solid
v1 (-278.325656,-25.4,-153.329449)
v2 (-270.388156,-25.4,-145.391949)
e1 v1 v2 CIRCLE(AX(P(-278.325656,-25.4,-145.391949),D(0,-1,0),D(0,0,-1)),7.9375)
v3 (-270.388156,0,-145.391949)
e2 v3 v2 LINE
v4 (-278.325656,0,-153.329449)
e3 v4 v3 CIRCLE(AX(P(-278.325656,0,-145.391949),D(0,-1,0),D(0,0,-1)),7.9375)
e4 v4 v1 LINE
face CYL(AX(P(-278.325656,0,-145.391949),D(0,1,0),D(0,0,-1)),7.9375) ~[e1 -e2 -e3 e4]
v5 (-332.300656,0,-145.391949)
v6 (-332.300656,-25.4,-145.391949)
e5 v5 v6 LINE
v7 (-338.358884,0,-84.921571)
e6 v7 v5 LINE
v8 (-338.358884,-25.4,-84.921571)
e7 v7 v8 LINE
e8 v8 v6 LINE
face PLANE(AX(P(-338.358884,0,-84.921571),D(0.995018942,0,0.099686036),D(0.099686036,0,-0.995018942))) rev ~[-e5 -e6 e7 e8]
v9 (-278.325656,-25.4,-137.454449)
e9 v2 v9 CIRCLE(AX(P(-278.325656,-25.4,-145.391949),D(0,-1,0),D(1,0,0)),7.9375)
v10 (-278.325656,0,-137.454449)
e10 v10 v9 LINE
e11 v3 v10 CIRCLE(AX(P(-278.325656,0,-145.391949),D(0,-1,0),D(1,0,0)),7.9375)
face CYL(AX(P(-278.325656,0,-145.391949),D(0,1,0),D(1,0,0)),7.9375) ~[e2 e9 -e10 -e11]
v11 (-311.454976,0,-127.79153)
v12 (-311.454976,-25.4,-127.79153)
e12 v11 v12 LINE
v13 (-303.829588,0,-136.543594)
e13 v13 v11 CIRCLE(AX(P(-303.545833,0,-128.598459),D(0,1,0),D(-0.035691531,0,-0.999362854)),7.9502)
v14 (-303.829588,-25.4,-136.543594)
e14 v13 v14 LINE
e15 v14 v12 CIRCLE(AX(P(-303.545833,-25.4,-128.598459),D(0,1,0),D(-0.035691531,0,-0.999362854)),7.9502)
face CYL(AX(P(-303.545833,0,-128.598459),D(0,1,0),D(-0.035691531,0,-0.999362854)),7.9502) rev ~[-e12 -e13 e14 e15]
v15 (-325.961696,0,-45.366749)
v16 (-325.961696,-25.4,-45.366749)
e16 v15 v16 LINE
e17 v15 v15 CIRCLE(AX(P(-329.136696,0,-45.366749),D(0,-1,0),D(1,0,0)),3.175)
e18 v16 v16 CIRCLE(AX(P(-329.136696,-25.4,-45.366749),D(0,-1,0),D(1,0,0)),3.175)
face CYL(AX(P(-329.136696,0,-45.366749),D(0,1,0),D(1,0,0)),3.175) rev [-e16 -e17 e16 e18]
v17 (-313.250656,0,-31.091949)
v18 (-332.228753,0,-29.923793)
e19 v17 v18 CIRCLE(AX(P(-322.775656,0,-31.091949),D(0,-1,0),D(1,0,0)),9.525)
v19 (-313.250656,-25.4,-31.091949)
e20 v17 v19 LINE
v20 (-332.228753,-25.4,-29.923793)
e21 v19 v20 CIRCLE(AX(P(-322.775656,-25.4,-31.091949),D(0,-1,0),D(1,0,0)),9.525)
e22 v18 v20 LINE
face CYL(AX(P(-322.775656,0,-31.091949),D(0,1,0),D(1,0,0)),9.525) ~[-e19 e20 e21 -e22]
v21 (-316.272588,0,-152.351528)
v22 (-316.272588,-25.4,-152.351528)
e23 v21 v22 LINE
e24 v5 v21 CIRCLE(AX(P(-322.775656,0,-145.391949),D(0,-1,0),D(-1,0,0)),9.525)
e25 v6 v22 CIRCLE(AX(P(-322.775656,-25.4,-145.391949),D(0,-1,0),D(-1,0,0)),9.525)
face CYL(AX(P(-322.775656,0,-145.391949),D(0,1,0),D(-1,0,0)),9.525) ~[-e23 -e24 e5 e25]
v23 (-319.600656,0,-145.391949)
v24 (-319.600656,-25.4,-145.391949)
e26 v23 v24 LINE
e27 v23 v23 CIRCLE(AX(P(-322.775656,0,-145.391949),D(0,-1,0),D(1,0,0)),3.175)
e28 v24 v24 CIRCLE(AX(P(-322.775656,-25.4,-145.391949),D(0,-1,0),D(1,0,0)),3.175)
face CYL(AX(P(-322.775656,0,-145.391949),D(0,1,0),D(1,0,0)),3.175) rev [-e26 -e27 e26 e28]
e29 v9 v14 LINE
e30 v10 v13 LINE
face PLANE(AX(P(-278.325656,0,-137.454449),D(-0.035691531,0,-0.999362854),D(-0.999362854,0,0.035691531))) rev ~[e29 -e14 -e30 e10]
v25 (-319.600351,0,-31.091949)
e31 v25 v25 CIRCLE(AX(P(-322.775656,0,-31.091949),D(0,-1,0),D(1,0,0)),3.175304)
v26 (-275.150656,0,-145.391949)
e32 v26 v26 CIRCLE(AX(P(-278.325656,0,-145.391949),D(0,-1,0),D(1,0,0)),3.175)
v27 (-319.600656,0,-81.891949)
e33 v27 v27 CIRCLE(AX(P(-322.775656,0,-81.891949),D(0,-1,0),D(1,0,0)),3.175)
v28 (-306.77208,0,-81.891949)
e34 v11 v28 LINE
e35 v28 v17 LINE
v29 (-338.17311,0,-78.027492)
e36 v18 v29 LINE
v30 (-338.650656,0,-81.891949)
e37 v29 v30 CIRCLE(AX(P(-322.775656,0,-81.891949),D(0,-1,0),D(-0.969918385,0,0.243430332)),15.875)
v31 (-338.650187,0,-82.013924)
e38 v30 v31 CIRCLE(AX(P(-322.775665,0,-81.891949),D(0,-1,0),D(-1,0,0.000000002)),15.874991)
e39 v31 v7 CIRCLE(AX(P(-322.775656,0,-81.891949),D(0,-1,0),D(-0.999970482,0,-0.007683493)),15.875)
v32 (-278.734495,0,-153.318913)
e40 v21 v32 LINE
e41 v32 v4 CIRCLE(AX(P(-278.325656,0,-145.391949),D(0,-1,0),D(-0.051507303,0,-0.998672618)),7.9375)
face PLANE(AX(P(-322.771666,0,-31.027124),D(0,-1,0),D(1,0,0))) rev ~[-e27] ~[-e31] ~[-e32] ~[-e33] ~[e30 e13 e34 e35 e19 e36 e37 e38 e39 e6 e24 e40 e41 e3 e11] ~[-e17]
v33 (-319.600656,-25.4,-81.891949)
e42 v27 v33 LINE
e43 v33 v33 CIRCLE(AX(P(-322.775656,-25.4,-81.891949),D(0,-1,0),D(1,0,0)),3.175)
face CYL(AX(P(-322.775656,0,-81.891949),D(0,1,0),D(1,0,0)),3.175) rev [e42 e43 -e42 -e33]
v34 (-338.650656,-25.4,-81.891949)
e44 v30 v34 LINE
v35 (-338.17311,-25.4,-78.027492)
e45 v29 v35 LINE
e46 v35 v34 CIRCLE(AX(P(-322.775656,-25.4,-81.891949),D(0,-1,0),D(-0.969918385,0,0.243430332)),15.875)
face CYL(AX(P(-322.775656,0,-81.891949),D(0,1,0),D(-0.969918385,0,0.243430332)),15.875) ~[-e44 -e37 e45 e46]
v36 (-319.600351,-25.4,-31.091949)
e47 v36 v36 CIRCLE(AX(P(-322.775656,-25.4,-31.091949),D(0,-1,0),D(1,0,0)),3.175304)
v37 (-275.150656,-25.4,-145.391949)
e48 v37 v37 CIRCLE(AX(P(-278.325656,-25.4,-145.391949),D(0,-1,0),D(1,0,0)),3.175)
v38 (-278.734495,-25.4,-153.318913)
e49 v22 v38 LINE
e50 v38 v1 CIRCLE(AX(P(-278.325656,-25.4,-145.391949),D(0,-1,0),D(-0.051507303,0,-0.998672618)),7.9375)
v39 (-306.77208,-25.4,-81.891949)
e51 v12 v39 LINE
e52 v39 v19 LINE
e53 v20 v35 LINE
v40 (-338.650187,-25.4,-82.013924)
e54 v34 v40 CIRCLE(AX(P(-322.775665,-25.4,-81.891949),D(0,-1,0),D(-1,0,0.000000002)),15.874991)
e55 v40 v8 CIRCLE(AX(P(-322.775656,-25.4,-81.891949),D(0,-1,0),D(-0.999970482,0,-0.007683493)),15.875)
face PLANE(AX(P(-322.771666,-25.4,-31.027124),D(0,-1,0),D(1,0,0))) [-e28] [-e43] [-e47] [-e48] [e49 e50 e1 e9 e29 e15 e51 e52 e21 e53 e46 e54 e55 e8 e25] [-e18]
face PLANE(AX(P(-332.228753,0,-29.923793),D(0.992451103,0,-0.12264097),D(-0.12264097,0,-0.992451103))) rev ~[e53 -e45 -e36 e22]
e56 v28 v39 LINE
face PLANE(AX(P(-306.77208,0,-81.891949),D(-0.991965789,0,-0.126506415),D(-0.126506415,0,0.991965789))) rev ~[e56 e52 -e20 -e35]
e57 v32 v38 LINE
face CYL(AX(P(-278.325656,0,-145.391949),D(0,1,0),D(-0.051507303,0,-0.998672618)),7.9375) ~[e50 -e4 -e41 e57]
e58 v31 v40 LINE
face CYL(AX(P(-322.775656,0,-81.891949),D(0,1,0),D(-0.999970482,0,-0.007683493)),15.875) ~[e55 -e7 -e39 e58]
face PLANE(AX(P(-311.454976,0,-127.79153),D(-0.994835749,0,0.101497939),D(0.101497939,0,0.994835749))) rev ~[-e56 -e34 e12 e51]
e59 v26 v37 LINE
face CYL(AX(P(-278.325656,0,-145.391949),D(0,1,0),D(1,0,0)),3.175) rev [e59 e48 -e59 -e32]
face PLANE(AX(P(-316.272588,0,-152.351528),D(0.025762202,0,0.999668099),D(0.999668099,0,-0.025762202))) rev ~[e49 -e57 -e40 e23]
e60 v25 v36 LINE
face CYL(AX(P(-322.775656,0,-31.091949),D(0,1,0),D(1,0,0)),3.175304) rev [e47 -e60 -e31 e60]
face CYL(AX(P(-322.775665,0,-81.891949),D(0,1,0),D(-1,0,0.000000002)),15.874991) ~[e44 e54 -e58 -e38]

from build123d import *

# Parameters (mm, degrees)
F0_R     = 3.1753043082
F0_R_2   = 3.175
F1_DEPTH = 25.4


with BuildPart() as f1:
    # F0 (on Front) → F1 (new body)
    with BuildSketch(Plane.XZ):
        with BuildLine():
            ThreePointArc((-332.2287525456, -29.9237934306), (-323.3608388206, -40.5989558635), (-313.2506557863, -31.0919486679))
            ThreePointArc((-313.2506557863, -31.0919486679), (-322.190472752, -21.5849414723), (-332.2287525456, -29.9237934306))
        make_face()
        with Locations((-322.7756557863, -31.0919486679)):
            Circle(F0_R, mode=Mode.SUBTRACT)
        with BuildLine():
            Line((-307.0281988816, -79.8836593375), (-313.2506557863, -31.0919486679))
            ThreePointArc((-313.2506557863, -31.0919486679), (-323.3608388206, -40.5989558635), (-332.2287525456, -29.9237934306))
            Line((-332.2287525456, -29.9237934306), (-338.1731101491, -78.0274921541))
            ThreePointArc((-338.1731101491, -78.0274921541), (-338.169941937, -78.0148906454), (-338.1667634117, -78.002291734))
            ThreePointArc((-338.1667634117, -78.002291734), (-321.8182466694, -66.0458452736), (-307.0281988816, -79.8836593375))
        make_face()
        with Locations((-329.1366961219, -45.3667486679)):
            Circle(F0_R_2, mode=Mode.SUBTRACT)
        with BuildLine():
            Line((-306.7720796835, -81.8919486679), (-307.0281988816, -79.8836593375))
            ThreePointArc((-307.0281988816, -79.8836593375), (-306.9325736467, -80.8857810283), (-306.9006557863, -81.8919486679))
            ThreePointArc((-306.9006557863, -81.8919486679), (-321.2538360393, -97.6938374682), (-338.3588844046, -84.9215708936))
            Line((-338.3588844046, -84.9215708936), (-332.3006557863, -145.3919486679))
            ThreePointArc((-332.3006557863, -145.3919486679), (-322.7756557863, -135.8669486679), (-313.2506557863, -145.3919486679))
            ThreePointArc((-313.2506557863, -145.3919486679), (-314.0387414892, -149.1856215011), (-316.2725882935, -152.3515275477))
            Line((-316.2725882935, -152.3515275477), (-278.734495007, -153.3189125723))
            ThreePointArc((-278.734495007, -153.3189125723), (-286.2605213252, -145.187461188), (-278.3256557863, -137.4544486679))
            Line((-278.3256557863, -137.4544486679), (-303.8295879093, -136.5435939492))
            ThreePointArc((-303.8295879093, -136.5435939492), (-309.5400426519, -133.8210192864), (-311.4549762788, -127.7915304717))
            Line((-311.4549762788, -127.7915304717), (-306.7720796835, -81.8919486679))
        make_face()
        with BuildLine():
            ThreePointArc((-306.9006557863, -81.8919486679), (-306.9325736467, -80.8857810283), (-307.0281988816, -79.8836593375))
            ThreePointArc((-307.0281988816, -79.8836593375), (-321.8182466694, -66.0458452736), (-338.1667634117, -78.002291734))
            Line((-338.1667634117, -78.002291734), (-338.6506557863, -81.8919486679))
            ThreePointArc((-338.6506557863, -81.8919486679), (-338.6505386345, -81.9529368424), (-338.6501871806, -82.0139241168))
            Line((-338.6501871806, -82.0139241168), (-338.3588844046, -84.9215708936))
            ThreePointArc((-338.3588844046, -84.9215708936), (-321.2538360393, -97.6938374682), (-306.9006557863, -81.8919486679))
        make_face()
        with Locations((-322.7756557863, -81.8919486679)):
            Circle(F0_R_2, mode=Mode.SUBTRACT)
        with BuildLine():
            Line((-338.6506557863, -81.8919486679), (-338.1731101491, -78.0274921541))
            ThreePointArc((-338.1731101491, -78.0274921541), (-338.5308170519, -79.9450232724), (-338.6506557863, -81.8919486679))
        make_face()
        with BuildLine():
            ThreePointArc((-338.1667634117, -78.002291734), (-338.169941937, -78.0148906454), (-338.1731101491, -78.0274921541))
            Line((-338.1731101491, -78.0274921541), (-338.6506557863, -81.8919486679))
            Line((-338.6506557863, -81.8919486679), (-338.1667634117, -78.002291734))
        make_face()
        with BuildLine():
            ThreePointArc((-338.6501871806, -82.0139241168), (-338.5715814856, -83.4744644822), (-338.3588844046, -84.9215708936))
            Line((-338.3588844046, -84.9215708936), (-338.6501871806, -82.0139241168))
        make_face()
        with BuildLine():
            ThreePointArc((-313.2506557863, -145.3919486679), (-322.7756557863, -135.8669486679), (-332.3006557863, -145.3919486679))
            ThreePointArc((-332.3006557863, -145.3919486679), (-326.5693286195, -154.128862965), (-316.2725882935, -152.3515275477))
            ThreePointArc((-316.2725882935, -152.3515275477), (-314.0387414892, -149.1856215011), (-313.2506557863, -145.3919486679))
        make_face()
        with Locations((-322.7756557863, -145.3919486679)):
            Circle(F0_R_2, mode=Mode.SUBTRACT)
        with BuildLine():
            ThreePointArc((-270.3881557863, -145.3919486679), (-272.7129957106, -139.7792885922), (-278.3256557863, -137.4544486679))
            ThreePointArc((-278.3256557863, -137.4544486679), (-286.2605213252, -145.187461188), (-278.734495007, -153.3189125723))
            Line((-278.734495007, -153.3189125723), (-278.3256557863, -153.3294486679))
            ThreePointArc((-278.3256557863, -153.3294486679), (-272.7129957106, -151.0046087436), (-270.3881557863, -145.3919486679))
        make_face()
        with Locations((-278.3256557863, -145.3919486679)):
            Circle(F0_R_2, mode=Mode.SUBTRACT)
        with BuildLine():
            Line((-278.3256557863, -153.3294486679), (-278.734495007, -153.3189125723))
            ThreePointArc((-278.734495007, -153.3189125723), (-278.5301432662, -153.3268142068), (-278.3256557863, -153.3294486679))
        make_face()
    extrude(amount=F1_DEPTH)


solid = f1.part
